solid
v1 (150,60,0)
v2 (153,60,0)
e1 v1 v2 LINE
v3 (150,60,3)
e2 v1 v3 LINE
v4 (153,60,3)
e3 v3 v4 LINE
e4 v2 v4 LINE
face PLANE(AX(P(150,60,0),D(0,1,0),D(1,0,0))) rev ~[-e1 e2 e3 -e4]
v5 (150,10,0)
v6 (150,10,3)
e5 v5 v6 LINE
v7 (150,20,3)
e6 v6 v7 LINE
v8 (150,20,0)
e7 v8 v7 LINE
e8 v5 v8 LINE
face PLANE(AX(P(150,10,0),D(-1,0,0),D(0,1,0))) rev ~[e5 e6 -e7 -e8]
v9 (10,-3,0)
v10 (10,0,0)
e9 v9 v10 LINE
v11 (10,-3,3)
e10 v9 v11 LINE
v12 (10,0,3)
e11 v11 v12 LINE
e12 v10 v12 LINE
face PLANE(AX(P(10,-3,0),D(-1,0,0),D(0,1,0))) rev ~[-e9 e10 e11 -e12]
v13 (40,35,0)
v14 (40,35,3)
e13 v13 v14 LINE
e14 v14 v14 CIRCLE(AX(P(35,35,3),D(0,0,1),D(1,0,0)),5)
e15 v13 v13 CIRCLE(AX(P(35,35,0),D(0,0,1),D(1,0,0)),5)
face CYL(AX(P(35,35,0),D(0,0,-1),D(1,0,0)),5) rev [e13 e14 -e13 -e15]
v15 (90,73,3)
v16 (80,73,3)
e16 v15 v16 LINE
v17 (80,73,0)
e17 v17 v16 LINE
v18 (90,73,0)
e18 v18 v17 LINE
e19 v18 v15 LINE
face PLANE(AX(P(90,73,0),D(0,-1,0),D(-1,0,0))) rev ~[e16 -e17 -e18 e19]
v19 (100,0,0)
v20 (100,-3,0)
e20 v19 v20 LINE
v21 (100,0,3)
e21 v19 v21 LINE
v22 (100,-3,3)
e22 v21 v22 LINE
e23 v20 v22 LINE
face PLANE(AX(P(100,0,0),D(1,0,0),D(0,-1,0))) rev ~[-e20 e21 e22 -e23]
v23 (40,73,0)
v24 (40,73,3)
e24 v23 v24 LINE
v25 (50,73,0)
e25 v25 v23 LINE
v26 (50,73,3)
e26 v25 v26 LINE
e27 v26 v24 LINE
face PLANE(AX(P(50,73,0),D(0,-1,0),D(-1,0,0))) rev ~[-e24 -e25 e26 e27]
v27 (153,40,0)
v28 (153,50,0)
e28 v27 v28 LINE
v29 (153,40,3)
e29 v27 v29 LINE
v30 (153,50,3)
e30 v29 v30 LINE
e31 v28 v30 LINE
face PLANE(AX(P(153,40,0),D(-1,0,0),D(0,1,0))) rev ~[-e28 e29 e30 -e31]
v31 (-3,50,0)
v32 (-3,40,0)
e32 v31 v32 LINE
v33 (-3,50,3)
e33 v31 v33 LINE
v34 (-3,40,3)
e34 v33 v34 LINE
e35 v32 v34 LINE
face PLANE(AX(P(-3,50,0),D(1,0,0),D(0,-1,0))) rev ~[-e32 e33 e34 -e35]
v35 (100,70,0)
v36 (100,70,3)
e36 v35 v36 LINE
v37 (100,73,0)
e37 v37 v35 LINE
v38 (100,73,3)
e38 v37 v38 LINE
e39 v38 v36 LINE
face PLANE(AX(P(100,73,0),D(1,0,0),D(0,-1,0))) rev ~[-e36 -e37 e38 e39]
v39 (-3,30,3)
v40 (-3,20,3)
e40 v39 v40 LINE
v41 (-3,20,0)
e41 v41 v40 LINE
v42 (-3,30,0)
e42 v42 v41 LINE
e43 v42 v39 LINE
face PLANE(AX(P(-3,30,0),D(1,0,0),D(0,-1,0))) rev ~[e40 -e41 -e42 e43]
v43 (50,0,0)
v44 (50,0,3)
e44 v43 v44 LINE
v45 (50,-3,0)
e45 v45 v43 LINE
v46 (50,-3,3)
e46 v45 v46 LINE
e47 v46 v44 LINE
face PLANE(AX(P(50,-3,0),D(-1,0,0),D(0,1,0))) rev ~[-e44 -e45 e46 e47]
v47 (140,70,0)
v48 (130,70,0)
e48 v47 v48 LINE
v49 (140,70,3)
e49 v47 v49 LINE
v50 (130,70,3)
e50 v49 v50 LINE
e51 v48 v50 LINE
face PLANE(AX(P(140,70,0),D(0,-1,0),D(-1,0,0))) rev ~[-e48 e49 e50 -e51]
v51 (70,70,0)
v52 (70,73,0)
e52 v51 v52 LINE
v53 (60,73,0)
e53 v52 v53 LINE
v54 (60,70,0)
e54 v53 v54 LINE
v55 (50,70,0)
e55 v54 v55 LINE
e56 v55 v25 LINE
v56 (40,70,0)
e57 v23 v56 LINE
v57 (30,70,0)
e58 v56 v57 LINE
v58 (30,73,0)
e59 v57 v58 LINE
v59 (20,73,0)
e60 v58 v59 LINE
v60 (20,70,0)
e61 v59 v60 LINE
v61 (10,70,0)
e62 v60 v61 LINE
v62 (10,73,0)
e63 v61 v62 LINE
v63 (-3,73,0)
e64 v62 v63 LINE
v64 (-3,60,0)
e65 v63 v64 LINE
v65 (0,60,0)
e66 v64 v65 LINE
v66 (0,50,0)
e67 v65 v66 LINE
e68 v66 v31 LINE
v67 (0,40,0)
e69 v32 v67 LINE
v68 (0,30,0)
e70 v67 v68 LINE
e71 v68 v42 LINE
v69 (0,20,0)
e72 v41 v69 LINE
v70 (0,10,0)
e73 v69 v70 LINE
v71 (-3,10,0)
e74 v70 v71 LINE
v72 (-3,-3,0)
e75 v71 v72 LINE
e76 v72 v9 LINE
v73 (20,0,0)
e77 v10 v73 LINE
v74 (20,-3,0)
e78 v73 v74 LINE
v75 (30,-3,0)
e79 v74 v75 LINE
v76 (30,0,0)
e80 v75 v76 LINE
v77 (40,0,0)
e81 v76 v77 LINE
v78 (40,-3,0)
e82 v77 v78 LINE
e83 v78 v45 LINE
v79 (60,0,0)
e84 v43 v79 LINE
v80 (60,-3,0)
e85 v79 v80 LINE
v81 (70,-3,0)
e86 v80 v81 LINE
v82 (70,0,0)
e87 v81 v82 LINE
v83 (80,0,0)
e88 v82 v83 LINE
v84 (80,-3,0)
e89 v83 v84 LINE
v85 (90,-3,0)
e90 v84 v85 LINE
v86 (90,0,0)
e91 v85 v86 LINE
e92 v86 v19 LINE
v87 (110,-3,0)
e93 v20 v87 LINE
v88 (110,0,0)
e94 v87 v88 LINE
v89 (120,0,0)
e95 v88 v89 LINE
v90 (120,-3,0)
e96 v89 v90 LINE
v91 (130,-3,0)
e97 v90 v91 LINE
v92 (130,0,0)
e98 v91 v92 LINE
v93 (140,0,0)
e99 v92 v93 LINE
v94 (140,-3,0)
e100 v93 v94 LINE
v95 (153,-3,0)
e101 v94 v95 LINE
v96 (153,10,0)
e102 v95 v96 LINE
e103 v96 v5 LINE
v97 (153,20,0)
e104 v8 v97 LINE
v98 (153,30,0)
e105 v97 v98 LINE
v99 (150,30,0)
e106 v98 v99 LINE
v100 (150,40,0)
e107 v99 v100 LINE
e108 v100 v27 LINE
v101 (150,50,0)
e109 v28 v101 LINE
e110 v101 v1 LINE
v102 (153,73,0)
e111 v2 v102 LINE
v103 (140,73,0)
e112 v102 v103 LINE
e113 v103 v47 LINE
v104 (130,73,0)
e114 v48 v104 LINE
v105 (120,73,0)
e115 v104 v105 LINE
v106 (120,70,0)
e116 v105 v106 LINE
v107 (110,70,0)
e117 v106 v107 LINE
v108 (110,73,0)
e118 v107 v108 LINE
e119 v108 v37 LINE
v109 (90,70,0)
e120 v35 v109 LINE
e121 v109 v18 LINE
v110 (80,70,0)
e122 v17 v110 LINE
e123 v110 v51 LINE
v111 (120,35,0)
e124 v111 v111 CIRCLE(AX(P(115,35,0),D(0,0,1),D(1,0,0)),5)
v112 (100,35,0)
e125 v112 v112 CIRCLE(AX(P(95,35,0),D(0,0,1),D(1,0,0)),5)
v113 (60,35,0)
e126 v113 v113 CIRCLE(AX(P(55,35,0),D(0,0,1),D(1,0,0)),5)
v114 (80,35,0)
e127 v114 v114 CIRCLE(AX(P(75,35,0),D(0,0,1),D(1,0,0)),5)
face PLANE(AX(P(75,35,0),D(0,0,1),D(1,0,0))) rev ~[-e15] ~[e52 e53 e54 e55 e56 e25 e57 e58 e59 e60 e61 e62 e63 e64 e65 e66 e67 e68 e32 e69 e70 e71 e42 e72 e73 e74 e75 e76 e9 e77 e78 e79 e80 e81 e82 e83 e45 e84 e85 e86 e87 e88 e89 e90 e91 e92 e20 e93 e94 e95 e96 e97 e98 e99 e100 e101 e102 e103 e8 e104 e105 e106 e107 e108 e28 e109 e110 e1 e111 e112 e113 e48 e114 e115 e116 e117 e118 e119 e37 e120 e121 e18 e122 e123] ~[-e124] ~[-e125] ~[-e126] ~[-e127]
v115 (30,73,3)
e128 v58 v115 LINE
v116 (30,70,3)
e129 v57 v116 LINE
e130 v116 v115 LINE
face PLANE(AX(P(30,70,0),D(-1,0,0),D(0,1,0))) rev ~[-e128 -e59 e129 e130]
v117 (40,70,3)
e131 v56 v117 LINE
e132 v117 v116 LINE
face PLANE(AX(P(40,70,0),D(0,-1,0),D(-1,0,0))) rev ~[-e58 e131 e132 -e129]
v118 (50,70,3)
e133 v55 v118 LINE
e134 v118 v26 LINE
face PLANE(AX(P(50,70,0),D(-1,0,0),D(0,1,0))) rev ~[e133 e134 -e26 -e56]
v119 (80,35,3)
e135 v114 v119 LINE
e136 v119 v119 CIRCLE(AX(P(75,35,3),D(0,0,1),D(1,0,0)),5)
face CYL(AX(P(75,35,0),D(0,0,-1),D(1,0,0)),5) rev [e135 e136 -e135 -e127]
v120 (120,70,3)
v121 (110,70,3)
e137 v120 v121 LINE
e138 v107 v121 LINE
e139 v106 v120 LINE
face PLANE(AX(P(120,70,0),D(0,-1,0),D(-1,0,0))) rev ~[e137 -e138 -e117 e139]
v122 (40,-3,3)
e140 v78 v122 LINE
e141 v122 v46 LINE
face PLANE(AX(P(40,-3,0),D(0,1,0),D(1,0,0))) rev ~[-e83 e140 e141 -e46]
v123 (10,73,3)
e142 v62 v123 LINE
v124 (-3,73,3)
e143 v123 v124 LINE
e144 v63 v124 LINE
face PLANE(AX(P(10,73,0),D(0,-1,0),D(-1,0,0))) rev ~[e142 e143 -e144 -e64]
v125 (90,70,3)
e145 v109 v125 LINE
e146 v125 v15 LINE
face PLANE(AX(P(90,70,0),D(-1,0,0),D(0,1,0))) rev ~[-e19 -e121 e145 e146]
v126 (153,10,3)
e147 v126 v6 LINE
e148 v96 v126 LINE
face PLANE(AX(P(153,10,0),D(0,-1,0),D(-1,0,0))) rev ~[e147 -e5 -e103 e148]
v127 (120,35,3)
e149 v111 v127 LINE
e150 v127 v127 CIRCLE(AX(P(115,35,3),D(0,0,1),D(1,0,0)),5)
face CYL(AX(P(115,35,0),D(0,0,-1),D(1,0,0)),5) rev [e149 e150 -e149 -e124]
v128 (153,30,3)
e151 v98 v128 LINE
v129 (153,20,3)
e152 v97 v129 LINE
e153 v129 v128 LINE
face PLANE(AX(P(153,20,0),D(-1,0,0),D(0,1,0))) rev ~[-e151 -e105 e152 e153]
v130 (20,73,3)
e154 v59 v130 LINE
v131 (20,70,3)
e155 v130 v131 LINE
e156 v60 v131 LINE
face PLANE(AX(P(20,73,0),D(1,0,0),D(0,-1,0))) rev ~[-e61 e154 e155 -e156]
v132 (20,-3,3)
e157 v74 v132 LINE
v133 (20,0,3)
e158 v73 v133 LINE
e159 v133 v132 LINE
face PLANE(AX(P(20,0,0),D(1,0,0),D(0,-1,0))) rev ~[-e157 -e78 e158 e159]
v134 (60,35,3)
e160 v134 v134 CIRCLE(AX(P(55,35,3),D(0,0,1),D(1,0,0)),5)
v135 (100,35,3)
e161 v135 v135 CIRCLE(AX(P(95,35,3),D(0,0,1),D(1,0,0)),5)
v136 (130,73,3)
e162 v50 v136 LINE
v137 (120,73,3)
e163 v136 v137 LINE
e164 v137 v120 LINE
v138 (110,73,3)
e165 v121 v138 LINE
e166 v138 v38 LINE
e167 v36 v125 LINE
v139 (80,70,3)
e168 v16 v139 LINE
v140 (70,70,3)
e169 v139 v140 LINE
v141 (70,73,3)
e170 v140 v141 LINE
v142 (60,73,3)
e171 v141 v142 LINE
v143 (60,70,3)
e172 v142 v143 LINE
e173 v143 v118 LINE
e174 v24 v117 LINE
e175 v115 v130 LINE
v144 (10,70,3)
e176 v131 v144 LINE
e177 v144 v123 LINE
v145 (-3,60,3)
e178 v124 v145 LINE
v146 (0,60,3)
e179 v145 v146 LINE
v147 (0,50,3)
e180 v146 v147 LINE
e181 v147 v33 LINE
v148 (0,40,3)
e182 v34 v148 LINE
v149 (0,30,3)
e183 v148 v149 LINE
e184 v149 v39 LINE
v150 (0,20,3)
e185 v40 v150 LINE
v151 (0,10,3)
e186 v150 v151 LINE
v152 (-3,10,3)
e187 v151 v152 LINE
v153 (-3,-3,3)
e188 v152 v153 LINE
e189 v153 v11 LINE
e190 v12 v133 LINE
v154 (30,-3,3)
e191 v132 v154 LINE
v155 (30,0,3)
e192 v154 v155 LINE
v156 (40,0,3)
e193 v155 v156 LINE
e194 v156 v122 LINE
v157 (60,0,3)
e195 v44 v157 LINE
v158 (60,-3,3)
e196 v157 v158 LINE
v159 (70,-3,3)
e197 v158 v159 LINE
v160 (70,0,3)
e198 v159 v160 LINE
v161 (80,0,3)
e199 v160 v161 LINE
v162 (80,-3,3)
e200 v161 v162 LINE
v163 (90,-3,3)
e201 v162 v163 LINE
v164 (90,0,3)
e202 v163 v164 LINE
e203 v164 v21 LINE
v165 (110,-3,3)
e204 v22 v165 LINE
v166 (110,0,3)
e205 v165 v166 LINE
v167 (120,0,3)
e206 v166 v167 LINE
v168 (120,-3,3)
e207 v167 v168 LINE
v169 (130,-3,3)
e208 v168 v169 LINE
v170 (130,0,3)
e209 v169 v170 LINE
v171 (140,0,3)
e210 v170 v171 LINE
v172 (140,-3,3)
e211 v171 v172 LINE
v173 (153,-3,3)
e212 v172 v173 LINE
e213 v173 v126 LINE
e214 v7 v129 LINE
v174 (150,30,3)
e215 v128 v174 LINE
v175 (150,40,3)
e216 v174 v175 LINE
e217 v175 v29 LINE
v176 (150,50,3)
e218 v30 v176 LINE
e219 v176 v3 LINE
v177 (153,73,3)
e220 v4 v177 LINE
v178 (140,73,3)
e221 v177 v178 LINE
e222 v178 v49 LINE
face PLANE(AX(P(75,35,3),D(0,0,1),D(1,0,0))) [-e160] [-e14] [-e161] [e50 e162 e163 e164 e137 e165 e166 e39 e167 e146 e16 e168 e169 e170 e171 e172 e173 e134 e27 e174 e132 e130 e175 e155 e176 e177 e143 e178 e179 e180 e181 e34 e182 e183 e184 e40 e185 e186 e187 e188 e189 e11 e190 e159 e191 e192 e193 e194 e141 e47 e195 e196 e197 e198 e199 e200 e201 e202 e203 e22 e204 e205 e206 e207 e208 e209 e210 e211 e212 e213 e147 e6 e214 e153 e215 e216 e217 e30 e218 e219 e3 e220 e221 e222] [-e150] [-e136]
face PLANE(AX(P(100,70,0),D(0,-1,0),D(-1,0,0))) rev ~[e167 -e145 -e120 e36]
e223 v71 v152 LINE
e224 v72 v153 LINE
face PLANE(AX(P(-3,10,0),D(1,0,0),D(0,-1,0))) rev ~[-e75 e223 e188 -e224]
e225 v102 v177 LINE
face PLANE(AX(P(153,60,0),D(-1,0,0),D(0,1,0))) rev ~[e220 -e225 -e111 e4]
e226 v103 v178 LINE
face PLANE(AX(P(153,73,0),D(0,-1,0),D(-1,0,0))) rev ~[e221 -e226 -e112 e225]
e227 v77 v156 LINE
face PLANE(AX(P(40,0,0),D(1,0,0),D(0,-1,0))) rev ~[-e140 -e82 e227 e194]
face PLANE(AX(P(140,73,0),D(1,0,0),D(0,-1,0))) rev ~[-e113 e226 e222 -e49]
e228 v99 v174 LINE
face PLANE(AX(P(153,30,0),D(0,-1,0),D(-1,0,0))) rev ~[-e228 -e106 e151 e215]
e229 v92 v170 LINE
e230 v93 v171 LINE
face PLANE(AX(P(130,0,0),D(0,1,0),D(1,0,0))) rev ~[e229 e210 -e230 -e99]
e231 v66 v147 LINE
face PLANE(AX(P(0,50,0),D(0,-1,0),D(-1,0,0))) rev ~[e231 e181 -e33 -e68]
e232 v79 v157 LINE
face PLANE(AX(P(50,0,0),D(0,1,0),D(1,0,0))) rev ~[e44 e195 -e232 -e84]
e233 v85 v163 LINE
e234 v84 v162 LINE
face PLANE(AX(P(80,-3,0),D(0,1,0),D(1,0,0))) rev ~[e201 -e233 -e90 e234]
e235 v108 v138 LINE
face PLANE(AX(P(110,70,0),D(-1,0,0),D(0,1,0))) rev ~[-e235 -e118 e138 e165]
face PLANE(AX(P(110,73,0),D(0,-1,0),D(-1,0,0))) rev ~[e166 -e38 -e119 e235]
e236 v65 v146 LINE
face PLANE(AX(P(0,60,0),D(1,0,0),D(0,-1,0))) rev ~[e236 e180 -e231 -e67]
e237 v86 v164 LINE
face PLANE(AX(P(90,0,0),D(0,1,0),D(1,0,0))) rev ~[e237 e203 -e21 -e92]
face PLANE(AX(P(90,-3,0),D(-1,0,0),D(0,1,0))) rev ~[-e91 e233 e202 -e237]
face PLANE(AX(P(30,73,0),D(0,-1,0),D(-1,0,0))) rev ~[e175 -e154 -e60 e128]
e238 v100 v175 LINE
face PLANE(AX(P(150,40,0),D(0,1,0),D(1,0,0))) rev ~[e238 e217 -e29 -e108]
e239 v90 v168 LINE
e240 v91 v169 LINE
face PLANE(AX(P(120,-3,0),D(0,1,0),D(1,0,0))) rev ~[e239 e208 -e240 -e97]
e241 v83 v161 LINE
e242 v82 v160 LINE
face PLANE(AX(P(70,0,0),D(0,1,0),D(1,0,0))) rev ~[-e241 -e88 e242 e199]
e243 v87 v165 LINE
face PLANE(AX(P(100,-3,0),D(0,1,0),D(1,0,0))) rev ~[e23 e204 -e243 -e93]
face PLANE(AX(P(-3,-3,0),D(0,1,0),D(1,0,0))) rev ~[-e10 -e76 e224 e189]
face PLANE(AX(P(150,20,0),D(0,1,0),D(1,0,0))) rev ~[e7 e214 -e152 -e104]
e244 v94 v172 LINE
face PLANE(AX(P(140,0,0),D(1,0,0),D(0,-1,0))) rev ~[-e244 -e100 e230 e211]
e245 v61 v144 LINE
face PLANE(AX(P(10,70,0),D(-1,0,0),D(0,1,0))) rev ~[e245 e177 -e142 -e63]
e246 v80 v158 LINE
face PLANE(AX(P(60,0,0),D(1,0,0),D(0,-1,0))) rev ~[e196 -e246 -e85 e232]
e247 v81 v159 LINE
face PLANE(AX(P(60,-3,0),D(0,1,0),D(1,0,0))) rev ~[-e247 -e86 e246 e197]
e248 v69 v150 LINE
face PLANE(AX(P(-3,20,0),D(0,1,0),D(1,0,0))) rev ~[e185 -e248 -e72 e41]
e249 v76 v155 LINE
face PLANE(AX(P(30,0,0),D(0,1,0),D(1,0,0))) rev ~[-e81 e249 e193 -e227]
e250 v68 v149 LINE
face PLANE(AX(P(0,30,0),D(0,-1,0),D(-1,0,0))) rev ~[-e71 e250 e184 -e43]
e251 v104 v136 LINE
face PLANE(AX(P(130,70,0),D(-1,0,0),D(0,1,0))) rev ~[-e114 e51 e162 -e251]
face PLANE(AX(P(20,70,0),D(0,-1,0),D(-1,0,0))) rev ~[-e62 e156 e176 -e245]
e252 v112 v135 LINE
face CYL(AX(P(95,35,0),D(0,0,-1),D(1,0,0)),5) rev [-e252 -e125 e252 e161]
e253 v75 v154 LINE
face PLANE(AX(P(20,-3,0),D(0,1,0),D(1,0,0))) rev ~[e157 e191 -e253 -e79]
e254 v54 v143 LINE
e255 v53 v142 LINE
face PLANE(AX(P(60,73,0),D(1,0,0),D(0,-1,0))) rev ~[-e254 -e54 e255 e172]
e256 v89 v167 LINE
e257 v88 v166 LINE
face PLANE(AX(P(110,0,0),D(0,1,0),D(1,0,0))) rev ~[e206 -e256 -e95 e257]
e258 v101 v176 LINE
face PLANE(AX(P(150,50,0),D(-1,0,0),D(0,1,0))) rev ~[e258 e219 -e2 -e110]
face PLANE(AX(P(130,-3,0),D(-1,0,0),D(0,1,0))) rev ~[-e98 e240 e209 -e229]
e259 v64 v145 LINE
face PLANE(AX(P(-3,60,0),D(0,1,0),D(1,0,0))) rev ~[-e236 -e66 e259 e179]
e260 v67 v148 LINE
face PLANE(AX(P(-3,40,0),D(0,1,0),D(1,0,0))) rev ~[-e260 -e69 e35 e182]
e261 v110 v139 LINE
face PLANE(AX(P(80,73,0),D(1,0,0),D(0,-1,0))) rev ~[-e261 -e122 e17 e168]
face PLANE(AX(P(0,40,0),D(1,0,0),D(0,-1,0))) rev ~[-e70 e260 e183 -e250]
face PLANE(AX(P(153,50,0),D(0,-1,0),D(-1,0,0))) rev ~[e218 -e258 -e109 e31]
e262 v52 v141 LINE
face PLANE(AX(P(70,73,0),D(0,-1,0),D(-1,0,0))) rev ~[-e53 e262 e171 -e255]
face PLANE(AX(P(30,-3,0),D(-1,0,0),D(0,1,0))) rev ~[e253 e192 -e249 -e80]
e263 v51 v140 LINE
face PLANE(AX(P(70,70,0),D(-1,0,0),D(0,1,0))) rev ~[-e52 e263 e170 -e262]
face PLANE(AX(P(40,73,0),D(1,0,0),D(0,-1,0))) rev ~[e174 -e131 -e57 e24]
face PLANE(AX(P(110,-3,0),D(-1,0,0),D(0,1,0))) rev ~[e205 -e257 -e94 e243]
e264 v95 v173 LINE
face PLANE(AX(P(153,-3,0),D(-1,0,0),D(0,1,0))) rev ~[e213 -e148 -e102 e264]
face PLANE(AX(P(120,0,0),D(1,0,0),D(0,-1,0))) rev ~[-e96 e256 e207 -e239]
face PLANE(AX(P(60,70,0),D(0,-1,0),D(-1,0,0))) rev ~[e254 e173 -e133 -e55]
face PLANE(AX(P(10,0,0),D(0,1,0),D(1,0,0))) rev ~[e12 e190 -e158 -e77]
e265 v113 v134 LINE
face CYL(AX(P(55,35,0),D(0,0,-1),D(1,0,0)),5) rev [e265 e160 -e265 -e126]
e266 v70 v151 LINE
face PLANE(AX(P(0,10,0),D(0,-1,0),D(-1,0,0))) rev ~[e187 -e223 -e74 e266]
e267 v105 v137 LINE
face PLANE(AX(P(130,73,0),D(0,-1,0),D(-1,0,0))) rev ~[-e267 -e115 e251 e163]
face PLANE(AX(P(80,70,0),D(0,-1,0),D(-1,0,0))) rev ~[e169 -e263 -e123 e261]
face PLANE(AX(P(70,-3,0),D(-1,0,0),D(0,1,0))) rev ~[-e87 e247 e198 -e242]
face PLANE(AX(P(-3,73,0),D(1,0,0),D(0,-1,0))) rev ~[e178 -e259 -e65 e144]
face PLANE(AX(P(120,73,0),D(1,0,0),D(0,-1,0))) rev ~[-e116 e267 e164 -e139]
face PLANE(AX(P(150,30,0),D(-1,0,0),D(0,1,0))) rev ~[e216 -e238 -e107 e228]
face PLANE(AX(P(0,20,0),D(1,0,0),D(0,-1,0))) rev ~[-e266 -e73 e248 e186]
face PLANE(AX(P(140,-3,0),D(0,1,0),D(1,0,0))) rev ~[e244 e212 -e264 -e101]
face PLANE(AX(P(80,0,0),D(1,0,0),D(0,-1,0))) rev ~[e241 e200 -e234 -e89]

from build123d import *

# Parameters (mm, degrees)
SKETCH1_R           = 5
BOSS_EXTRUDE1_DEPTH = 3


with BuildPart() as part:
    # Sketch1 → Boss-Extrude1 (new body)
    with BuildSketch(Plane.XY):
        Polygon((0, 60), (0, 50), (-3, 50), (-3, 40), (0, 40), (0, 30), (-3, 30), (-3, 20), (0, 20), (0, 10), (-3, 10), (-3, 0), (-3, -3), (0, -3), (10, -3), (10, 0), (20, 0), (20, -3), (30, -3), (30, 0), (40, 0), (40, -3), (50, -3), (50, 0), (60, 0), (60, -3), (70, -3), (70, 0), (80, 0), (80, -3), (90, -3), (90, 0), (100, 0), (100, -3), (110, -3), (110, 0), (120, 0), (120, -3), (130, -3), (130, 0), (140, 0), (140, -3), (150, -3), (153, -3), (153, 0), (153, 10), (150, 10), (150, 20), (153, 20), (153, 30), (150, 30), (150, 40), (153, 40), (153, 50), (150, 50), (150, 60), (153, 60), (153, 70), (153, 73), (150, 73), (140, 73), (140, 70), (130, 70), (130, 73), (120, 73), (120, 70), (110, 70), (110, 73), (100, 73), (100, 70), (90, 70), (90, 73), (80, 73), (80, 70), (70, 70), (70, 73), (60, 73), (60, 70), (50, 70), (50, 73), (40, 73), (40, 70), (30, 70), (30, 73), (20, 73), (20, 70), (10, 70), (10, 73), (0, 73), (-3, 73), (-3, 70), (-3, 60), align=None)
        with Locations((35, 35)):
            Circle(SKETCH1_R, mode=Mode.SUBTRACT)
        with Locations((55, 35)):
            Circle(SKETCH1_R, mode=Mode.SUBTRACT)
        with Locations((75, 35)):
            Circle(SKETCH1_R, mode=Mode.SUBTRACT)
        with Locations((95, 35)):
            Circle(SKETCH1_R, mode=Mode.SUBTRACT)
        with Locations((115, 35)):
            Circle(SKETCH1_R, mode=Mode.SUBTRACT)
    extrude(amount=BOSS_EXTRUDE1_DEPTH)


solid = part.part
